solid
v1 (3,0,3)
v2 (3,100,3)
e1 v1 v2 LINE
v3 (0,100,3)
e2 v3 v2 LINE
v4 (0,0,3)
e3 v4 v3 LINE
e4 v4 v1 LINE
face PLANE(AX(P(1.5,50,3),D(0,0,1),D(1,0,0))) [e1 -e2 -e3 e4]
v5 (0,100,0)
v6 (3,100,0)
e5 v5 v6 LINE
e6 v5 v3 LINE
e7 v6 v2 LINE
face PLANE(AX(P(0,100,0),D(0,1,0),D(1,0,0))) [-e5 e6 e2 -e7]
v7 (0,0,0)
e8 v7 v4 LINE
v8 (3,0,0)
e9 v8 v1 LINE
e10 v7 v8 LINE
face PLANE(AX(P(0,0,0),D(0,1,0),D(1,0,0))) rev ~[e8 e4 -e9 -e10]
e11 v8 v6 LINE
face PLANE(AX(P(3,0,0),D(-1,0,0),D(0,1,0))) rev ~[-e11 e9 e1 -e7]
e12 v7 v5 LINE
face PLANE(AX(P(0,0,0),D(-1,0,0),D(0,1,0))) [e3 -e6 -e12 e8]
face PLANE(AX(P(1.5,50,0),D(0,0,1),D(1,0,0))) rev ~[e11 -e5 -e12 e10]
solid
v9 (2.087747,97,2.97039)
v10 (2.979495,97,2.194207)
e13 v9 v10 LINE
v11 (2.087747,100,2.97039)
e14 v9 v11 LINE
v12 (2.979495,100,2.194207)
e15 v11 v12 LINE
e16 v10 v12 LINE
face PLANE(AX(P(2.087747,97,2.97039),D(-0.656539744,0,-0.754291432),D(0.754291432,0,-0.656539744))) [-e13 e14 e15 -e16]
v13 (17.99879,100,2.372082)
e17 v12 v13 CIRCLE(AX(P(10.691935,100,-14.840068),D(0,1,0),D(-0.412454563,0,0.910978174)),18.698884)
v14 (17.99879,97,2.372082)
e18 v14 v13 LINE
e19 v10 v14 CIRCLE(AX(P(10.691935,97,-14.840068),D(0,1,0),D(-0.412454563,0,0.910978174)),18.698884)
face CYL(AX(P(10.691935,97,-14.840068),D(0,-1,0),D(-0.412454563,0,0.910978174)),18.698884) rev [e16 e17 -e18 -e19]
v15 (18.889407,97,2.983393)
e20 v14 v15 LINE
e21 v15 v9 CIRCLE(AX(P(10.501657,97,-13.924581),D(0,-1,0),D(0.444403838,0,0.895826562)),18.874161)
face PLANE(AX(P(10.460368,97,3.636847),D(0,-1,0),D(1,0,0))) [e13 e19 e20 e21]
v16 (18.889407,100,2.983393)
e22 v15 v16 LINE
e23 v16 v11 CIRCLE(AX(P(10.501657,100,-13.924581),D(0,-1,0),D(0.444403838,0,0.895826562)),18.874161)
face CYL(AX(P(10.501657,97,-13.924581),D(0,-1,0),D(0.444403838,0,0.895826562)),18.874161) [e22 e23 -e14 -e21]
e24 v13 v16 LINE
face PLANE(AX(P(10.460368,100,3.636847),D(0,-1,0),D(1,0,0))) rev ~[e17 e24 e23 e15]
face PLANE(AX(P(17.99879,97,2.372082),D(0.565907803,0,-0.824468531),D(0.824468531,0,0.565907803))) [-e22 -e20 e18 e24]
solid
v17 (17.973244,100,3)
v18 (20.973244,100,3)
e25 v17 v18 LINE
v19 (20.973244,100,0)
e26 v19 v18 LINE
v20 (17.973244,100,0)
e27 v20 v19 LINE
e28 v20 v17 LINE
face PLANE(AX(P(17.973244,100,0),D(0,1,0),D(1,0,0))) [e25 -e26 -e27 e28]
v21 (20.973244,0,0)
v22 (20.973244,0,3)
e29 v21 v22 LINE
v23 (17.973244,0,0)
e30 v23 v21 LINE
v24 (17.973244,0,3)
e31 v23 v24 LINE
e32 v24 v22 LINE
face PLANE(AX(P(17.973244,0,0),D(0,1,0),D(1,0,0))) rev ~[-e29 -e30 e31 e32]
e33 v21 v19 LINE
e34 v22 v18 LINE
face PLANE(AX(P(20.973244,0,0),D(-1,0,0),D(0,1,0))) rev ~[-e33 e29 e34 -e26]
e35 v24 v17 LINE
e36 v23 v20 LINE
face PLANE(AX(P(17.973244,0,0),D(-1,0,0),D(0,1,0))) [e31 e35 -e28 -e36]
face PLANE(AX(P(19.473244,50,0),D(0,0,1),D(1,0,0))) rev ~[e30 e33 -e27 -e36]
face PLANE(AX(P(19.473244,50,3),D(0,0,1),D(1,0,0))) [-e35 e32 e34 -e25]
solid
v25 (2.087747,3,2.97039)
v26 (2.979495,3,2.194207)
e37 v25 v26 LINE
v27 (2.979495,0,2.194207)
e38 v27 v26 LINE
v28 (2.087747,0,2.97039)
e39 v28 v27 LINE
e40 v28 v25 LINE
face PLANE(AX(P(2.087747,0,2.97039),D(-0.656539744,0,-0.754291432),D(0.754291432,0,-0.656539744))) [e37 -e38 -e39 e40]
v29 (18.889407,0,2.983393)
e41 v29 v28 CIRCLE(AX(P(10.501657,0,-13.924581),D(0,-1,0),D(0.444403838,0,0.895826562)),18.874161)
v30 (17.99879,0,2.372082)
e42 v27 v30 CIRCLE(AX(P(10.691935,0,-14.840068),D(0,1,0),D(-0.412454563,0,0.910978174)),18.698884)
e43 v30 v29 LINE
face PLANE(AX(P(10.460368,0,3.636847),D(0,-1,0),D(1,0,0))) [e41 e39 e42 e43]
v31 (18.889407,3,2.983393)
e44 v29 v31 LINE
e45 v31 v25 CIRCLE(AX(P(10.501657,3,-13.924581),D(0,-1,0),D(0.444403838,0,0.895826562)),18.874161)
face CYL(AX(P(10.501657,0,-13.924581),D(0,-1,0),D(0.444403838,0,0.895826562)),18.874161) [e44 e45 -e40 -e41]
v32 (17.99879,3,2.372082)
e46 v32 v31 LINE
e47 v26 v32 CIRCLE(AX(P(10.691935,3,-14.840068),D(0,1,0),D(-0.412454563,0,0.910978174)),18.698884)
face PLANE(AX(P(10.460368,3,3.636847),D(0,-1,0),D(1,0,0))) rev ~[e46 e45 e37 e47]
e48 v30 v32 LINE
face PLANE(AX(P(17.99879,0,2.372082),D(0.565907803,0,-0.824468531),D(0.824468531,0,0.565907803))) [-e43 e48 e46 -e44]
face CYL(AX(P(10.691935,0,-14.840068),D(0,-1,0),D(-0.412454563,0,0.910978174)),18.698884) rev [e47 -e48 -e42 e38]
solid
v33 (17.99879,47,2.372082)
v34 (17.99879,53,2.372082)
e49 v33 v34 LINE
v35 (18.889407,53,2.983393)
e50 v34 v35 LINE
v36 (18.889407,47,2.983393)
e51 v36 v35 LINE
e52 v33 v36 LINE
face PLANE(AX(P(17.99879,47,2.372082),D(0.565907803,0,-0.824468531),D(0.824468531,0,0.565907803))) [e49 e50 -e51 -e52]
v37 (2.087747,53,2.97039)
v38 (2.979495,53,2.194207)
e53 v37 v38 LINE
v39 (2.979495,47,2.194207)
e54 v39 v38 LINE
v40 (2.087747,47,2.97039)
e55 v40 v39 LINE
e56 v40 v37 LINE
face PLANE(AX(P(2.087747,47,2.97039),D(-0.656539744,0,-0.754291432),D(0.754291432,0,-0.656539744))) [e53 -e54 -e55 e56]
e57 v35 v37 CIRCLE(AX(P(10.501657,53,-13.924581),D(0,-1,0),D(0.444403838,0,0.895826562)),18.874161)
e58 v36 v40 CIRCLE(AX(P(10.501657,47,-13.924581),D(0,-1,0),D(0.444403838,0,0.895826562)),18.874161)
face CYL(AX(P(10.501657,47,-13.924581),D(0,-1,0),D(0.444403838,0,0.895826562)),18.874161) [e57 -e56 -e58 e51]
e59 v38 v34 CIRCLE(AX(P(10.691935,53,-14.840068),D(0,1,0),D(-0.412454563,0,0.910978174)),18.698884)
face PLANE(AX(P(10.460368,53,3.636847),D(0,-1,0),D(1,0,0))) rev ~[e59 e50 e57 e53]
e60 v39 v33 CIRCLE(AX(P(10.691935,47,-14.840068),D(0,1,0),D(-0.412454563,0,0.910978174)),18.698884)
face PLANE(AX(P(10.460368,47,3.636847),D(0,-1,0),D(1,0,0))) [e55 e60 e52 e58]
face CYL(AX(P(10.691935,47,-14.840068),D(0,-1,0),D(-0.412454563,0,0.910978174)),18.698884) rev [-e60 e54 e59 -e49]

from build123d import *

# Parameters (mm, degrees)
F0_W     = 3
F0_H     = 100
F1_DEPTH = 3
F3_DEPTH = 3
F4_START = -47
F4_DEPTH = 6
F5_START = -97
F5_DEPTH = 3


with BuildPart() as f1:
    # F0 (on Top) → F1 (new body)
    with BuildSketch(Plane.XY):
        with Locations((1.5, 50)):
            Rectangle(F0_W, F0_H)
    extrude(amount=F1_DEPTH)


with BuildPart() as f1b:
    # F0 (on Top) → F1, piece 2 (new body)
    with BuildSketch(Plane.XY):
        with Locations((19.4732441902, 50)):
            Rectangle(F0_W, F0_H)
    extrude(amount=F1_DEPTH)


with BuildPart() as f3:
    # F2 (on Front) → F3 (new body)
    with BuildSketch(Plane.XZ):
        with BuildLine():
            ThreePointArc((2.9794946313, 2.1942069288), (10.4704971824, 3.8575045035), (17.9987903684, 2.37208209))
            Line((17.9987903684, 2.37208209), (18.889406696, 2.9833931476))
            ThreePointArc((18.889406696, 2.9833931476), (10.4870498812, 4.9495737182), (2.087746514, 2.970389789))
            Line((2.087746514, 2.970389789), (2.9794946313, 2.1942069288))
        make_face()
    extrude(amount=-F3_DEPTH)


with BuildPart() as f4:
    # F2 (on Front) → F4 (new body)
    with BuildSketch(Plane.XZ.offset(F4_START)):
        with BuildLine():
            ThreePointArc((2.9794946313, 2.1942069288), (10.4704971824, 3.8575045035), (17.9987903684, 2.37208209))
            Line((17.9987903684, 2.37208209), (18.889406696, 2.9833931476))
            ThreePointArc((18.889406696, 2.9833931476), (10.4870498812, 4.9495737182), (2.087746514, 2.970389789))
            Line((2.087746514, 2.970389789), (2.9794946313, 2.1942069288))
        make_face()
    extrude(amount=-F4_DEPTH)


with BuildPart() as f5:
    # F2 (on Front) → F5 (new body)
    with BuildSketch(Plane.XZ.offset(F5_START)):
        with BuildLine():
            ThreePointArc((2.9794946313, 2.1942069288), (10.4704971824, 3.8575045035), (17.9987903684, 2.37208209))
            Line((17.9987903684, 2.37208209), (18.889406696, 2.9833931476))
            ThreePointArc((18.889406696, 2.9833931476), (10.4870498812, 4.9495737182), (2.087746514, 2.970389789))
            Line((2.087746514, 2.970389789), (2.9794946313, 2.1942069288))
        make_face()
    extrude(amount=-F5_DEPTH)


solid = Compound([f1.part, f1b.part, f3.part, f4.part, f5.part])
